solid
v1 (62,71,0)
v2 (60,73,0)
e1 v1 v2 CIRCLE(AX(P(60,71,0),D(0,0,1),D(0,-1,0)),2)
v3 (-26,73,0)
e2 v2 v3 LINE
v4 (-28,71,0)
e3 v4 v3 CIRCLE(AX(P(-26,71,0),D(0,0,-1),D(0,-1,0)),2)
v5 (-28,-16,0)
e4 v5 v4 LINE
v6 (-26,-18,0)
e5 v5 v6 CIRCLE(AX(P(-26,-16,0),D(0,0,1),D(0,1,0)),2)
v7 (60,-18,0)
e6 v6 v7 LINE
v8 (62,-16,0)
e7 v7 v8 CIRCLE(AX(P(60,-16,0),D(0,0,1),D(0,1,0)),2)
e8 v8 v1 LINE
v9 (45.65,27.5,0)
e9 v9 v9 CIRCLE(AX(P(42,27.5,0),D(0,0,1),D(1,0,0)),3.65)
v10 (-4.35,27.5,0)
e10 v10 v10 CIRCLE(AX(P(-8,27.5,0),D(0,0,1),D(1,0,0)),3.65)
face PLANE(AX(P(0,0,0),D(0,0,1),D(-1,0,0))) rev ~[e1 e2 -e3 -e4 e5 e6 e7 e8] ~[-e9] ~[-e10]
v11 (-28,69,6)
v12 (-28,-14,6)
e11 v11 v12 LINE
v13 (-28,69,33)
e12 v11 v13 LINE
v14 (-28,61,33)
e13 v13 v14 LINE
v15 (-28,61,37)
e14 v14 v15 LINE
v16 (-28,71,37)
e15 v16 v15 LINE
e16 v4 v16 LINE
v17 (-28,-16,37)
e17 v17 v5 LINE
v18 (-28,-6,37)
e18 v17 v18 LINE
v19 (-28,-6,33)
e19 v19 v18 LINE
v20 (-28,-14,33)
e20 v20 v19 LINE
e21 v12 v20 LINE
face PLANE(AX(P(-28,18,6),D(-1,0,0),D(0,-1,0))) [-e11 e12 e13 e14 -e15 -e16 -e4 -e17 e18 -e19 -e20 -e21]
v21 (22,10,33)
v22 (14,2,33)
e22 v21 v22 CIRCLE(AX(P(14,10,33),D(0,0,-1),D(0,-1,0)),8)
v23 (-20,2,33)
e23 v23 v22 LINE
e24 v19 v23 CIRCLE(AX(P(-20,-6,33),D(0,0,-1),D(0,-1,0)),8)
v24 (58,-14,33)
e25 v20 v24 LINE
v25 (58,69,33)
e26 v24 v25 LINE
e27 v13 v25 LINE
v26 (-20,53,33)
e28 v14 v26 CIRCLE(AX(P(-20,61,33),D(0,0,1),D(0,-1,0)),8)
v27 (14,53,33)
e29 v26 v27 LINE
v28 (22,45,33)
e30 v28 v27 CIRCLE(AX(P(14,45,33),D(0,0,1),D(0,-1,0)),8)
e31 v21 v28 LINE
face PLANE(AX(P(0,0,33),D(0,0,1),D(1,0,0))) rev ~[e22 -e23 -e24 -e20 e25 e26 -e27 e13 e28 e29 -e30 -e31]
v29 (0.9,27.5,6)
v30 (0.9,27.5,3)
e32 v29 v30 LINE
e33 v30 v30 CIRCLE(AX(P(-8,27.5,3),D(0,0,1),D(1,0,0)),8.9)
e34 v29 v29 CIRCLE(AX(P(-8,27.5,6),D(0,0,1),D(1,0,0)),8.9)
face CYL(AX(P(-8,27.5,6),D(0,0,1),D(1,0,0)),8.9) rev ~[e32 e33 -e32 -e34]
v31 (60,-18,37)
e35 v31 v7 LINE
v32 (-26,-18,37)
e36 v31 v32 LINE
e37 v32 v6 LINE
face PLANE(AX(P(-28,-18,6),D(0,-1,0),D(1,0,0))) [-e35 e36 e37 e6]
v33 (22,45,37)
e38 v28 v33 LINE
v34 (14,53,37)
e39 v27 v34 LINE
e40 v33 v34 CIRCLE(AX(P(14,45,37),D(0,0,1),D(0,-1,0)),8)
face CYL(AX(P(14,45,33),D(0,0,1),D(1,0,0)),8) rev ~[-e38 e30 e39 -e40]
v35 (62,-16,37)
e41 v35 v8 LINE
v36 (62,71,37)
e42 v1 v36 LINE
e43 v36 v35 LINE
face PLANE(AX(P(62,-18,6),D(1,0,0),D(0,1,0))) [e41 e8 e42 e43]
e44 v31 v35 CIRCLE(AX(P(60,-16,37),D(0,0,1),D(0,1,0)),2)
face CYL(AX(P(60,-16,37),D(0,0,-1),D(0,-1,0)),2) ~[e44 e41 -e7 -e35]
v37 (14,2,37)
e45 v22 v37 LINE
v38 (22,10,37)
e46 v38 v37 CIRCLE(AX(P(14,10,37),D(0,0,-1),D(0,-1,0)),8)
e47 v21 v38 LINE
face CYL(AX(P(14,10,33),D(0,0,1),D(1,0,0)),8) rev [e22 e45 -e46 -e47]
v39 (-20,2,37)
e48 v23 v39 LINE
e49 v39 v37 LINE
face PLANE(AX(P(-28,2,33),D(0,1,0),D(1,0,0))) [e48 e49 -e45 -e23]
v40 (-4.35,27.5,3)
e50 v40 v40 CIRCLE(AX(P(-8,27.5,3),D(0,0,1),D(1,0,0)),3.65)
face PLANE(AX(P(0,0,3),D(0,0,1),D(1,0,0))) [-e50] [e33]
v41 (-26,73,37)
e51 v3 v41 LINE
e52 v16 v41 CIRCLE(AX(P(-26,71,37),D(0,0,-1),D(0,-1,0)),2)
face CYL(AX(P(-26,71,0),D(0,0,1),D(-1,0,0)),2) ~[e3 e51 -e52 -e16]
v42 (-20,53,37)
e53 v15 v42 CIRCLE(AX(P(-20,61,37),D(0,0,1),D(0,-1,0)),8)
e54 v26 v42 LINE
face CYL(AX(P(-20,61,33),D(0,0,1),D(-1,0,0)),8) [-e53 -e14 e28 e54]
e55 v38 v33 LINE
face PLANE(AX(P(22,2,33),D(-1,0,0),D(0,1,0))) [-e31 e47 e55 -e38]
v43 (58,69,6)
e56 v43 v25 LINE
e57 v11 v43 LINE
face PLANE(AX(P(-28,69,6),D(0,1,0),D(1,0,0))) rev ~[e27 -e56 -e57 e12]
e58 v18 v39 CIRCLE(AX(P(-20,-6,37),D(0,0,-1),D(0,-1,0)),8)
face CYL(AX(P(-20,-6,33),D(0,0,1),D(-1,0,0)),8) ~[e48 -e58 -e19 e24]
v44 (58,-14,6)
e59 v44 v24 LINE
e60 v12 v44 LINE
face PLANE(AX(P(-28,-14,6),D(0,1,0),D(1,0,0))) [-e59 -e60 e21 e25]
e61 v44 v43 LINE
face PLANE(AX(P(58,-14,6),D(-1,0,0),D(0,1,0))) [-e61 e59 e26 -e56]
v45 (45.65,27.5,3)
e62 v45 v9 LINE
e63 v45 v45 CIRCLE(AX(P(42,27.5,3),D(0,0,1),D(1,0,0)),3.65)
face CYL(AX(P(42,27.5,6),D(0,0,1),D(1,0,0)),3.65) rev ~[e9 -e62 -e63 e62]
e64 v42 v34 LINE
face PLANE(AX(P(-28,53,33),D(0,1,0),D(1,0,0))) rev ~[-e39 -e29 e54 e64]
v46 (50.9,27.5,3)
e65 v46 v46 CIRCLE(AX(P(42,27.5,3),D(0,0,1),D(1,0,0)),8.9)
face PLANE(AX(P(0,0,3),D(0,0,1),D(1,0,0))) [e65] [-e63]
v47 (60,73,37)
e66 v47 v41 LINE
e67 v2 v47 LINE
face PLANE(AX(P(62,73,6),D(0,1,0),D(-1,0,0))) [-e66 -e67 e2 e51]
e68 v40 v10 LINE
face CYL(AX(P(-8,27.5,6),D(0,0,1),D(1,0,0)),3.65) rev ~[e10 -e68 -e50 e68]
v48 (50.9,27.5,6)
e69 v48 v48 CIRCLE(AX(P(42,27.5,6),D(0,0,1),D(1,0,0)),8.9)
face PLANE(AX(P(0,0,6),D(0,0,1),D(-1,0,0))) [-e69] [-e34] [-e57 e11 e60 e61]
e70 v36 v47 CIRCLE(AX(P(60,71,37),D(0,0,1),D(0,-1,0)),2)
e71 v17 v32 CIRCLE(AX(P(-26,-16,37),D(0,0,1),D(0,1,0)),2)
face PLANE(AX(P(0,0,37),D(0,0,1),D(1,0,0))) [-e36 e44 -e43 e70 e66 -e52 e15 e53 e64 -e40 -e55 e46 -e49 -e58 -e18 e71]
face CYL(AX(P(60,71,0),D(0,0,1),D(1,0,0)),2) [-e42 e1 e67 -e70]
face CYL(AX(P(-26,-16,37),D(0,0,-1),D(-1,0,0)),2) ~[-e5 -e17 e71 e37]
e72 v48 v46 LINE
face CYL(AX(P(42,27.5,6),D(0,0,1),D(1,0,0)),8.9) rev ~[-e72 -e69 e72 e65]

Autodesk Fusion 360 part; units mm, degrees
sketch "Sketch1" plane through (0, 0, 0) normal (0, 0, 1) x (1, 0, 0)
  line L0 (-28, 37) -> (62, 37)
  line L1 (62, 37) -> (62, 18)
  line L2 (62, 18) -> (-28, 18)
  line L3 (-28, 18) -> (-28, 37)
  dimension "d1" = 90
  dimension "d2" = 19
extrude "Extrude1" add sketch "Sketch1" along normal blind 6
sketch "Sketch2" plane through (0, 0, 6) normal (0, 0, 1) x (-1, 0, 0)
  line L0 (28, -37) -> (28, -18)
  line L1 (28, -18) -> (-62, -18)
  line L2 (-62, -18) -> (-62, -37)
  line L3 (-62, -37) -> (28, -37)
ref_plane "WorkPlane1" through (17, 27.5, 6) normal (0, 0, 1) x (-1, 0, 0)
sketch "Sketch3" plane through (0, 0, 6) normal (0, 0, 1) x (1, 0, 0)
  line L0 (17, 37) -> (17, 18)
  circle A0 centre (-8, 27.5) radius 8.9
  circle A1 centre (42, 27.5) radius 8.9
  circle A2 centre (-8, 27.5) radius 3.65
  circle A3 centre (42, 27.5) radius 3.65
  dimension "d13" = 17.8
  dimension "d14" = 17.8
  dimension "d15" = 7.3
  dimension "d16" = 7.3
extrude "Extrude2" cut sketch "Sketch3" against normal blind 7 contours A2 | A3
extrude "Extrude3" cut sketch "Sketch3" against normal blind 3
sketch "Sketch4" plane through (0, 0, 0) normal (0, 0, 1) x (1, 0, 0)
  line L0 (-21, 37) -> (55, 37)
  line L1 (55, 37) -> (55, 39)
  line L2 (55, 39) -> (-21, 39)
  line L3 (-21, 39) -> (-21, 37)
  dimension "d21" = 76
  dimension "d22" = 2
sketch "Sketch7" plane through (0, 0, 6) normal (0, 0, 1) x (-1, 0, 0)
  circle A0 centre (-42, -27.5) radius 8.9
  circle A1 centre (8, -27.5) radius 8.9
  line L0 (28, -18) -> (-62, -18)
  line L1 (-62, -18) -> (-62, -37)
  line L2 (-62, -37) -> (28, -37)
  line L3 (28, -37) -> (28, -18)
  line L4 (28, -37) -> (-62, -37)
  line L5 (-62, -37) -> (-62, -73)
  line L6 (-62, -73) -> (28, -73)
  line L7 (28, -73) -> (28, -37)
  dimension "d37" = 90
  dimension "d38" = 36
extrude "Extrude7" add sketch "Sketch7" against normal blind 6 contours L2 L4 L5 L6 L7
sketch "Sketch8" plane through (0, 0, 6) normal (0, 0, 1) x (-1, 0, 0)
  circle A0 centre (-42, -27.5) radius 8.9
  circle A1 centre (8, -27.5) radius 8.9
  line L0 (28, -18) -> (-62, -18)
  line L1 (-62, -18) -> (-62, -73)
  line L2 (-62, -73) -> (28, -73)
  line L3 (28, -73) -> (28, -18)
  line L4 (-62, -18) -> (28, -18)
  line L5 (28, -18) -> (28, 18)
  line L6 (28, 18) -> (-62, 18)
  line L7 (-62, 18) -> (-62, -18)
  dimension "d41" = 90
  dimension "d42" = 36
extrude "Extrude8" add sketch "Sketch8" against normal blind 6 contours L0 L4 L5 L6 L7
ref_plane "WorkPlane3" through (17, 27.5, 6) normal (0, 0, 1) x (1, 0, 0)
sketch "Sketch9" plane through (0, 0, 6) normal (0, 0, 1) x (1, 0, 0)
  line L0 (62, -18) -> (-28, -18)
  line L1 (-28, -18) -> (-28, -14)
  line L2 (-28, -14) -> (62, -14)
  line L3 (62, -14) -> (62, -18)
  line L4 (62, 73) -> (-28, 73)
  line L5 (-28, 73) -> (-28, 69)
  line L6 (-28, 69) -> (62, 69)
  line L7 (62, 69) -> (62, 73)
  line L8 (62, -14) -> (62, -14)
  line L9 (62, 69) -> (62, 69)
  line L10 (62, -14) -> (58, -14)
  line L11 (58, -14) -> (58, 69)
  line L12 (58, 69) -> (62, 69)
  line L13 (62, 69) -> (62, -14)
  dimension "d46" = 90
  dimension "d47" = 4
  dimension "d48" = 90
  dimension "d49" = 4
  dimension "d50" = 83
extrude "Extrude9" add sketch "Sketch9" along normal blind 27
ref_plane "WorkPlane4" through (17, 27.5, 33) normal (0, 0, 1) x (1, 0, 0)
sketch "Sketch10" plane through (0, 0, 33) normal (0, 0, 1) x (1, 0, 0)
  line L0 (62, -18) -> (22, -18)
  line L1 (22, -18) -> (22, 73)
  line L2 (22, 73) -> (62, 73)
  line L3 (62, 73) -> (62, -18)
  line L4 (62, -18) -> (-28, -18)
  line L5 (-28, -18) -> (-28, 2)
  line L6 (-28, 2) -> (62, 2)
  line L7 (62, 2) -> (62, -18)
  line L8 (62, 73) -> (-28, 73)
  line L9 (-28, 73) -> (-28, 53)
  line L10 (-28, 53) -> (62, 53)
  line L11 (62, 53) -> (62, 73)
  dimension "d54" = 40
  dimension "d55" = 91
  dimension "d56" = 90
  dimension "d57" = 20
  dimension "d58" = 90
  dimension "d59" = 20
extrude "Extrude10" add sketch "Sketch10" along normal blind 4
fillet "Fillet3" radius 8 2 edges at (-28, 2, 35) (-28, 53, 35)
fillet "Fillet4" radius 8 1 edges at (22, 2, 35)
fillet "Fillet5" radius 8 1 edges at (22, 53, 35)
fillet "Fillet6" radius 2 2 edges at (62, -18, 18.5) (-28, -18, 18.5)
fillet "Fillet7" radius 2 7 edges at (-28, 73, 16.5) (-28, 73, 35) (-28, 73, 16.5) (-28, 73, 35) (62, 73, 16.5) (62, 73, 35) (62, 73, 16.5)
